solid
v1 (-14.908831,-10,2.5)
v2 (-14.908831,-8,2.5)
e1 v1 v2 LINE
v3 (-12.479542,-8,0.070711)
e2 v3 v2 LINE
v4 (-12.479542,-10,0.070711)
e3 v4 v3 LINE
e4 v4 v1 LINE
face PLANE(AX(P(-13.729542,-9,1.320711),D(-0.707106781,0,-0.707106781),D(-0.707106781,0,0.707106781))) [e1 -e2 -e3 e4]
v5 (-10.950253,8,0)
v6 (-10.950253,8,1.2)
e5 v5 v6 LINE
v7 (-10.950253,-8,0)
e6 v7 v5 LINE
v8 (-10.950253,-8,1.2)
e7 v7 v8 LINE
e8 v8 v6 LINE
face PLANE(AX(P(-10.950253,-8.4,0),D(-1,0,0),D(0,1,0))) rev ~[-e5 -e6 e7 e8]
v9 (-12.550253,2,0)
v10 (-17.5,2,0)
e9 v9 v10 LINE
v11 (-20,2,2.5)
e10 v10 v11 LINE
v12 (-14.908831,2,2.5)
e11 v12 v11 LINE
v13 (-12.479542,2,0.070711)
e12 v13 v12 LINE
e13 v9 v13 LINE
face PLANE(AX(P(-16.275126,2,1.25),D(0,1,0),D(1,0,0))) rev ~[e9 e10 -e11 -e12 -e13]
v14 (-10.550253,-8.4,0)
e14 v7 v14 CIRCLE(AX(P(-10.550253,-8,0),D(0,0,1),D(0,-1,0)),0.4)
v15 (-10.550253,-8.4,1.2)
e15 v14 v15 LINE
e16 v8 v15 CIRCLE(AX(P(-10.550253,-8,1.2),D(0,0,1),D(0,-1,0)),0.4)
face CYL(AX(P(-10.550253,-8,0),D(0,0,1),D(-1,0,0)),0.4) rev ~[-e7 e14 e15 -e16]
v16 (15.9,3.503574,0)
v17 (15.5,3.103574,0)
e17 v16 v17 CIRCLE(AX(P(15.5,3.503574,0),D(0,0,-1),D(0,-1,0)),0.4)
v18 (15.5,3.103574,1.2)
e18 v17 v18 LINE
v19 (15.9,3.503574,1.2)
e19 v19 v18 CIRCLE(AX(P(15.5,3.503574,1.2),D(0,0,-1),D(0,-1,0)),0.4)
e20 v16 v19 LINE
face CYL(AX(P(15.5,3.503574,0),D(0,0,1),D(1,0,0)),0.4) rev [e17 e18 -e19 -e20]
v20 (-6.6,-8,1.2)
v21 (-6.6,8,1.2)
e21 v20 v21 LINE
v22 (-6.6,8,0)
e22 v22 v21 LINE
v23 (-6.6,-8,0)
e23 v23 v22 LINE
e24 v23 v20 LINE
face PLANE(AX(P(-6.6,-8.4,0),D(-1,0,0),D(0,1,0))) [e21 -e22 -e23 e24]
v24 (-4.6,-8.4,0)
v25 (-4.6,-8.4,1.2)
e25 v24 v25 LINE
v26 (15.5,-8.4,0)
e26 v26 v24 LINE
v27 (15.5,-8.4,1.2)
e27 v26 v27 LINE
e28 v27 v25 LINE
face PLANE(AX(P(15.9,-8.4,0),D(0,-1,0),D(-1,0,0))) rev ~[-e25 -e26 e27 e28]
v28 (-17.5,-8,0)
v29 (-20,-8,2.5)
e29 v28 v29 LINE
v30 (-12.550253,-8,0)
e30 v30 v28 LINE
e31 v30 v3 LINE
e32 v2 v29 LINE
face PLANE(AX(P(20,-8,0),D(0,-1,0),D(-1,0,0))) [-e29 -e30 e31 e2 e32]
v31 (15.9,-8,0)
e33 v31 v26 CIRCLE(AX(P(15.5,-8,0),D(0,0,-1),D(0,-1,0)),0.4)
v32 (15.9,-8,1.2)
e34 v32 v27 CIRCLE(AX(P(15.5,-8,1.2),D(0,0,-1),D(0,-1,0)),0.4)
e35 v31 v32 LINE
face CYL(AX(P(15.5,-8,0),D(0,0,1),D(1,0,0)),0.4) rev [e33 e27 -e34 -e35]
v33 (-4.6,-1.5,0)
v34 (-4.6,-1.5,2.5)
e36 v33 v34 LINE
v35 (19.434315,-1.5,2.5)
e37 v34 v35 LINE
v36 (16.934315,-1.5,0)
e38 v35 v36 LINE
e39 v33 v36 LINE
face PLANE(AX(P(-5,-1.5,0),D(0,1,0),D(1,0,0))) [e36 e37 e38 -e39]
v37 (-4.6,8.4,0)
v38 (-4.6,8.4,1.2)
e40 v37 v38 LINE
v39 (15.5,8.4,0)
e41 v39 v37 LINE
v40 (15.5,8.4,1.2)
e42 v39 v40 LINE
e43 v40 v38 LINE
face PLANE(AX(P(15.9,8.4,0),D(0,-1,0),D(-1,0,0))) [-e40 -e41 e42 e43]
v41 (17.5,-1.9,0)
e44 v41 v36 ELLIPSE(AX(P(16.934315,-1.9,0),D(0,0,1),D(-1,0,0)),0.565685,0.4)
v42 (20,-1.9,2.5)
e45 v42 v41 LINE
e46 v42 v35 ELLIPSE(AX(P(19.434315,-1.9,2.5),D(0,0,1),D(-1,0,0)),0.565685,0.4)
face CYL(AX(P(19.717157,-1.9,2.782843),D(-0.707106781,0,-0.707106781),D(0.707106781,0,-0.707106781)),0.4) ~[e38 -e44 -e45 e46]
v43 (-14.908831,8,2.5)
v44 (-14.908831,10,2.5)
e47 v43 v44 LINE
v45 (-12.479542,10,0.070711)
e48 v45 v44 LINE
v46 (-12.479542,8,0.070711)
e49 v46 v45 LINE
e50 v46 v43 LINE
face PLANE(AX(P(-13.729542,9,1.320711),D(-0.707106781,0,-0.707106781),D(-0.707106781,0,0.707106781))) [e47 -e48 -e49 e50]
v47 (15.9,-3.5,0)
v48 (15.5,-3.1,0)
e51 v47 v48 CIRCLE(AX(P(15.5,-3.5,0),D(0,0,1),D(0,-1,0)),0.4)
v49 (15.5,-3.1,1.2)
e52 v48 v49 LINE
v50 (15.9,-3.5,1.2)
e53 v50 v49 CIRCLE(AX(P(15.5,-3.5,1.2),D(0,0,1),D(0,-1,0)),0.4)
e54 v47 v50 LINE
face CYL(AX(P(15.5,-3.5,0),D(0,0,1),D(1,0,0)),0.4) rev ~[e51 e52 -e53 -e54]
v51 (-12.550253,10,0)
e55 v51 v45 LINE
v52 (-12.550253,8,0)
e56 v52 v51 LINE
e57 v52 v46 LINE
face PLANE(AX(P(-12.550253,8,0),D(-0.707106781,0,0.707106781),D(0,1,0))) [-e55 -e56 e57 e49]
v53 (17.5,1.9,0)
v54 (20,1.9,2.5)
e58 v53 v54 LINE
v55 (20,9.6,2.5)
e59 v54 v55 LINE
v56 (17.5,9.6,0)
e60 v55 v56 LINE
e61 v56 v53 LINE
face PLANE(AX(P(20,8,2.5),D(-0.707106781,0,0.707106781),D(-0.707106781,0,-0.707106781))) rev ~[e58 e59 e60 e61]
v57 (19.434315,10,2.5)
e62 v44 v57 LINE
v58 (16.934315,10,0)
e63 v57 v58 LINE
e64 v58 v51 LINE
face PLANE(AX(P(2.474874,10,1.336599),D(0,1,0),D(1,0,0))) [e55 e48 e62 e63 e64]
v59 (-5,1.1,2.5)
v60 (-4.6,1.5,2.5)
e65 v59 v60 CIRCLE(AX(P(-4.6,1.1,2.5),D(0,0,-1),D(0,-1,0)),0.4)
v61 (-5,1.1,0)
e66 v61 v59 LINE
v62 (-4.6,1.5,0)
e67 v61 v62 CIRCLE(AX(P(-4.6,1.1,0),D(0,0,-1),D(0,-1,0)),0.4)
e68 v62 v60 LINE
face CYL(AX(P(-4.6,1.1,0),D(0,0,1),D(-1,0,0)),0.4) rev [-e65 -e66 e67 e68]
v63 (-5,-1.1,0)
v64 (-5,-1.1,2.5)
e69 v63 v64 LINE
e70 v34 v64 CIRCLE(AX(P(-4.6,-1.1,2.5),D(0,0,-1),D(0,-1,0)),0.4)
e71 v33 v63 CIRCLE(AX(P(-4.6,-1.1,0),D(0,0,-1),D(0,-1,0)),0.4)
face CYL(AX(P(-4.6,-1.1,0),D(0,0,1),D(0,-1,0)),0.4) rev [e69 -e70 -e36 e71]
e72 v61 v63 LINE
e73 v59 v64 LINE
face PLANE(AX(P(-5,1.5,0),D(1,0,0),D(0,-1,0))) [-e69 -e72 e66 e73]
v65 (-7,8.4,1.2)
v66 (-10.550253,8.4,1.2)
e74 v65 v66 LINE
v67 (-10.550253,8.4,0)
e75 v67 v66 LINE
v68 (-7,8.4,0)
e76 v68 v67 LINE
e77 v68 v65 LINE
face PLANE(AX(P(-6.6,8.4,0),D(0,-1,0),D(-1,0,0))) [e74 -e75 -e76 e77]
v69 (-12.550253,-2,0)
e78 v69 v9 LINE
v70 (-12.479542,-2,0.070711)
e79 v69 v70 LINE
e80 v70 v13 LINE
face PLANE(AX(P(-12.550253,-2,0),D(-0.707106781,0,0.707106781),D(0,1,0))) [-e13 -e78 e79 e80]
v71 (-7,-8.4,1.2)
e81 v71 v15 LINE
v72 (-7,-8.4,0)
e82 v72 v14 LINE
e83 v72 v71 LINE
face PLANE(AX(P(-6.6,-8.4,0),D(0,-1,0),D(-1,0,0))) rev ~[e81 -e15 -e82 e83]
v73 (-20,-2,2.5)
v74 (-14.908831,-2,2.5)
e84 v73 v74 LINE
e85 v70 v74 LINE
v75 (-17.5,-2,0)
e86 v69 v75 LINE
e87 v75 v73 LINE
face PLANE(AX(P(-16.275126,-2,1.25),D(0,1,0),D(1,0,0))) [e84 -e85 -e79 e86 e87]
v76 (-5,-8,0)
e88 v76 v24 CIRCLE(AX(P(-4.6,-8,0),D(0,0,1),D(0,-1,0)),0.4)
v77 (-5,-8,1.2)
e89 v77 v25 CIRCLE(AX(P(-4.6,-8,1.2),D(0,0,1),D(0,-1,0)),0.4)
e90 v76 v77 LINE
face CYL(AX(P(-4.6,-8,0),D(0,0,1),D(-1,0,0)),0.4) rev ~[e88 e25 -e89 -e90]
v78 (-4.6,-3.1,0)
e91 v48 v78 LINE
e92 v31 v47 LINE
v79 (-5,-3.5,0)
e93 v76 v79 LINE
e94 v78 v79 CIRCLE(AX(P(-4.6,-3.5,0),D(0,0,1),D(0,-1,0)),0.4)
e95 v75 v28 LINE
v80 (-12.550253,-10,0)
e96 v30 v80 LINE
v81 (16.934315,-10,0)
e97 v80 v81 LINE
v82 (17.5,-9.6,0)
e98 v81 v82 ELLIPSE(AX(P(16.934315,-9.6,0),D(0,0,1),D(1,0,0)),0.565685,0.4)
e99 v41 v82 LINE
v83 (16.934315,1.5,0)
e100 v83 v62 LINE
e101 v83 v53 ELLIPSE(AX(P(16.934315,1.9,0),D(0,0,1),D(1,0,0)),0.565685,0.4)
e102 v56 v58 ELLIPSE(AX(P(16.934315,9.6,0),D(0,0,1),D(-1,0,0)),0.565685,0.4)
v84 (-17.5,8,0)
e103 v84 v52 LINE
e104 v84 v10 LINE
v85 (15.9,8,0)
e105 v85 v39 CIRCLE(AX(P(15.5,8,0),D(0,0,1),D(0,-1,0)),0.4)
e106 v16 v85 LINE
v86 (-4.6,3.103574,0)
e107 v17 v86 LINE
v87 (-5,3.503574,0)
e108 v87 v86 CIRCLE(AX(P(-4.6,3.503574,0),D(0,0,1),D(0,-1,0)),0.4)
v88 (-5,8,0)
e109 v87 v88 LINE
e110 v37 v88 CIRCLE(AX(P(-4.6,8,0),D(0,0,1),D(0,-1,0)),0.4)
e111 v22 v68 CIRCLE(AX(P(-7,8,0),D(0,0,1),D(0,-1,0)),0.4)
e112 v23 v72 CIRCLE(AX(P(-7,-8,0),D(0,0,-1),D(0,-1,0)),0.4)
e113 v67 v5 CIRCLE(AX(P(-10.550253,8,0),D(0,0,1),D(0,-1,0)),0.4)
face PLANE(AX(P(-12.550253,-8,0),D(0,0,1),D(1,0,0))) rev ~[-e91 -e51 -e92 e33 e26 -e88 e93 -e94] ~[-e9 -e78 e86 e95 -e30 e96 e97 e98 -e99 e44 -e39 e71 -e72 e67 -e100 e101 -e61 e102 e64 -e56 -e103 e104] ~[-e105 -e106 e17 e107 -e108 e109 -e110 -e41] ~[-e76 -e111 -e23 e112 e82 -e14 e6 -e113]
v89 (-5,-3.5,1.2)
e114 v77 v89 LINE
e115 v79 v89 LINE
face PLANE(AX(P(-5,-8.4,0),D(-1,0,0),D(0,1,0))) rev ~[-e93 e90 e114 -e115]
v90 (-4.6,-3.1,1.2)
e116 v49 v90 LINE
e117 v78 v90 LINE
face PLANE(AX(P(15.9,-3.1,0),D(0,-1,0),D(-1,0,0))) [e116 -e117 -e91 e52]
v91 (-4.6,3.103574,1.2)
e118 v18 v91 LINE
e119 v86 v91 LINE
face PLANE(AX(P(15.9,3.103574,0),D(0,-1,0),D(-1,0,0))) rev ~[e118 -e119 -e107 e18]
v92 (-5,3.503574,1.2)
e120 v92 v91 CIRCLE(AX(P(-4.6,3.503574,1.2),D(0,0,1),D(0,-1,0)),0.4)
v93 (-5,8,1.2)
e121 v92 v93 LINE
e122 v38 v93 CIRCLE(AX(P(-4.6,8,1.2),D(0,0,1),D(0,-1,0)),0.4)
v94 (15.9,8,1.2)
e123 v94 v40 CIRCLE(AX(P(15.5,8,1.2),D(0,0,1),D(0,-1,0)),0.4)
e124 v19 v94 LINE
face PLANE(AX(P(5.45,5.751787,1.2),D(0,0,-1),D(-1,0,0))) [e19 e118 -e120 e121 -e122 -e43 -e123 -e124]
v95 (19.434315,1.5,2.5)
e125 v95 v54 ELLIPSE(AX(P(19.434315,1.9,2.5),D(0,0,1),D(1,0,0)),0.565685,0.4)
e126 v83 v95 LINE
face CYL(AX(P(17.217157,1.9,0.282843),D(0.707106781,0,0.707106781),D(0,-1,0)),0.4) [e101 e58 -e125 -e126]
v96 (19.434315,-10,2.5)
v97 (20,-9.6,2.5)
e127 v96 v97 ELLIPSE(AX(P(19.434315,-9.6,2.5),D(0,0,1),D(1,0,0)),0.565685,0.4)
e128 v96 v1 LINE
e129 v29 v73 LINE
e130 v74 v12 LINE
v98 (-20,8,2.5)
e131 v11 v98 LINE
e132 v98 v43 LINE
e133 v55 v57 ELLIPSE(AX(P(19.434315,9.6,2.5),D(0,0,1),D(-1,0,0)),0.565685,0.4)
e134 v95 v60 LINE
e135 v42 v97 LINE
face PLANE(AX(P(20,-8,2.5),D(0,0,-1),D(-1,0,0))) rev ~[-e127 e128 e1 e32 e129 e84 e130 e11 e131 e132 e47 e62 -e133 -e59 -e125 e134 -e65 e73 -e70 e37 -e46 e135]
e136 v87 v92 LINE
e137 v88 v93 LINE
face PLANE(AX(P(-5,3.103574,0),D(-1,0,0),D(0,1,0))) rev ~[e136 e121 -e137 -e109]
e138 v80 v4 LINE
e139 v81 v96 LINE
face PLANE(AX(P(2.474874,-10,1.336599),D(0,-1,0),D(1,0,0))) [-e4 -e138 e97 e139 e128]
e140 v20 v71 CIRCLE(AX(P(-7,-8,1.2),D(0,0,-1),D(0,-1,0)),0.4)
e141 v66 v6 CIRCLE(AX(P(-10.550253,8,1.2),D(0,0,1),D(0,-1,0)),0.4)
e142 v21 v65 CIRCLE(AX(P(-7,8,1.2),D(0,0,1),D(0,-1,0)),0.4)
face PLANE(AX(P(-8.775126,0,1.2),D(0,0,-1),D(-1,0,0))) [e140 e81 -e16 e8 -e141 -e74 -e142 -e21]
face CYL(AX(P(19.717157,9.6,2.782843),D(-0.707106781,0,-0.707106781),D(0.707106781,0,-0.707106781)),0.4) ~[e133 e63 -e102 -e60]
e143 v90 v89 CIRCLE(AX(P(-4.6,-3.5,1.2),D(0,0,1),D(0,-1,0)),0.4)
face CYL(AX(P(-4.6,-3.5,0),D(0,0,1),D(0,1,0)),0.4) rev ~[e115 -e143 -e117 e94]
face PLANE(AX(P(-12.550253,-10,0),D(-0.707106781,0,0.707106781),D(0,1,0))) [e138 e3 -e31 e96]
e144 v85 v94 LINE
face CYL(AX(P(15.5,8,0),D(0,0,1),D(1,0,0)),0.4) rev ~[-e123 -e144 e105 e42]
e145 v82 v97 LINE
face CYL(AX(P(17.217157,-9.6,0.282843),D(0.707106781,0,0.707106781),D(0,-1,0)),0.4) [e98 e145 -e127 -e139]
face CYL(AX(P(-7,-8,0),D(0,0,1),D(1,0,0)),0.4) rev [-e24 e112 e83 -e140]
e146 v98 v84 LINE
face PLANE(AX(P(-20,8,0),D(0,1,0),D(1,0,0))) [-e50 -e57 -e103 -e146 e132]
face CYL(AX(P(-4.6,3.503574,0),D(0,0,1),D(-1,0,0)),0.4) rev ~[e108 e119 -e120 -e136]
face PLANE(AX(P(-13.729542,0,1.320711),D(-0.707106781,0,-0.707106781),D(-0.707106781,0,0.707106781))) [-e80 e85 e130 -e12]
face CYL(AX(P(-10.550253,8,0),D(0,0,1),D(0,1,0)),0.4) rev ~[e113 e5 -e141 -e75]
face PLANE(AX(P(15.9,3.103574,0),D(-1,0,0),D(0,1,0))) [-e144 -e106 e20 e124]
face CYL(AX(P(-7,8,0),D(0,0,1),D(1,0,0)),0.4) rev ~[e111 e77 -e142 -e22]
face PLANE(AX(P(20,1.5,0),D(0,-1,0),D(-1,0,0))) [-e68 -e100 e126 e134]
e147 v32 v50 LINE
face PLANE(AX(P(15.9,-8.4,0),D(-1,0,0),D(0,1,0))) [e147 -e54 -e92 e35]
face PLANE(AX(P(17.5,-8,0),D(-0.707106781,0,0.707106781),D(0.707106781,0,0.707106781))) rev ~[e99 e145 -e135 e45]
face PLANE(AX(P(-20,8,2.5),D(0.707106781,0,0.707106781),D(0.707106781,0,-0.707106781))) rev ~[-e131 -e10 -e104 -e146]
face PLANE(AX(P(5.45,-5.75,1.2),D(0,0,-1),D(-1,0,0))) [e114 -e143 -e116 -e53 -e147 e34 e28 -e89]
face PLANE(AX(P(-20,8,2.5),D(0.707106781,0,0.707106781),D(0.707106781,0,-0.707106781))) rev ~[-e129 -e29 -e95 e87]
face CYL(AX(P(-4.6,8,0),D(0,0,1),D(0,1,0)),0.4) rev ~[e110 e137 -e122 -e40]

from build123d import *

# Parameters (mm, degrees)
BOSS_EXTRUDE1_DEPTH     = 2.5
CUT_EXTRUDE1_DEPTH      = 26.734218465
CUT_EXTRUDE2_DEPTH      = 26.734218465
BOSS_EXTRUDE2_DEPTH     = 2
BOSS_EXTRUDE3_DEPTH     = 2
CUT_EXTRUDE3_DEPTH      = 2
CUT_EXTRUDE3_DEPTH_BACK = 2
SKETCH9_W               = 3.535533906
SKETCH9_H               = 2
SKETCH9_H_2             = 4
CUT_EXTRUDE5_DEPTH      = 0.1
SKETCH10_W              = 20.9
SKETCH10_H              = 5.3
SKETCH10_H_2            = 5.296426242
SKETCH10_W_2            = 4.350252532
SKETCH10_H_3            = 16.8
CUT_EXTRUDE6_DEPTH      = 1.2
FILLET1_R               = 0.4


with BuildPart() as part:
    # Sketch1 → Boss-Extrude1 (new body)
    with BuildSketch(Plane.XY):
        Polygon((20, -1.5), (20, -8), (-20, -8), (-20, 8), (20, 8), (20, 1.5), (-5, 1.5), (-5, -1.5), align=None)
    extrude(amount=BOSS_EXTRUDE1_DEPTH)

    # Sketch2 → Cut-Extrude1 (cut, through all)
    with BuildSketch(Plane(origin=(0, 8, 0), x_dir=(1, 0, 0), z_dir=(0, 1, 0))):
        Polygon((20, -2.5), (17.5, 0), (20, 0), align=None)
    extrude(amount=-CUT_EXTRUDE1_DEPTH, mode=Mode.SUBTRACT)

    # Sketch5 → Cut-Extrude2 (cut, through all)
    with BuildSketch(Plane(origin=(0, 8, 0), x_dir=(1, 0, 0), z_dir=(0, 1, 0))):
        Polygon((-20, -2.5), (-17.5, 0), (-20, 0), align=None)
    extrude(amount=-CUT_EXTRUDE2_DEPTH, mode=Mode.SUBTRACT)

    # Sketch6 → Boss-Extrude2 (add)
    with BuildSketch(Plane(origin=(0, 8, 0), x_dir=(1, 0, 0), z_dir=(0, 1, 0))):
        Polygon((-12.550252532, 0), (-15.050252532, -2.5), (20, -2.5), (17.5, 0), align=None)
    extrude(amount=BOSS_EXTRUDE2_DEPTH)

    # Sketch7 → Boss-Extrude3 (add)
    with BuildSketch(Plane.XZ.offset(8)):
        Polygon((-12.550252532, 0), (17.5, 0), (20, 2.5), (-15.050252532, 2.5), align=None)
    extrude(amount=BOSS_EXTRUDE3_DEPTH)

    # Sketch8 → Cut-Extrude3 (cut, two sides: drawn at the far end of the back side and taken through both)
    with BuildSketch(Plane(origin=(0, 0, 0), x_dir=(1, 0, 0), z_dir=(0, 1, 0)).offset(-CUT_EXTRUDE3_DEPTH_BACK)):
        Polygon((-15.050252532, -2.5), (-12.550252532, 0), (-17.5, 0), (-20, -2.5), align=None)
    extrude(amount=CUT_EXTRUDE3_DEPTH + CUT_EXTRUDE3_DEPTH_BACK, mode=Mode.SUBTRACT)

    # Sketch9 → Cut-Extrude5 (cut)
    with BuildSketch(Plane(origin=(-6.275126266, 0, -6.275126266), x_dir=(-0.7071067811865476, 0, 0.7071067811865476), z_dir=(-0.7071067811865476, 0, -0.7071067811865476))):
        with Locations((10.642135624, 9)):
            Rectangle(SKETCH9_W, SKETCH9_H)
        with Locations((10.642135624, 0)):
            Rectangle(SKETCH9_W, SKETCH9_H_2)
        with Locations((10.642135624, -9)):
            Rectangle(SKETCH9_W, SKETCH9_H)
    extrude(amount=-CUT_EXTRUDE5_DEPTH, mode=Mode.SUBTRACT)

    # Sketch10 → Cut-Extrude6 (cut)
    with BuildSketch(Plane(origin=(0, 0, 0), x_dir=(-1, 0, 0), z_dir=(0, 0, -1))):
        with Locations((-5.45, -5.75)):
            Rectangle(SKETCH10_W, SKETCH10_H)
        with Locations((-5.45, 5.751786879)):
            Rectangle(SKETCH10_W, SKETCH10_H_2)
        with Locations((8.775126266, 0)):
            Rectangle(SKETCH10_W_2, SKETCH10_H_3)
    extrude(amount=-CUT_EXTRUDE6_DEPTH, mode=Mode.SUBTRACT)

    # Fillet1
    fillet1_edges = [part.edges().sort_by_distance(p)[0] for p in [
        (-5, 1.5, 1.25),
        (-5, -1.5, 1.25),
        (-10.950252532, 8.4, 0.6),
        (-10.950252532, -8.4, 0.6),
        (-6.6, -8.4, 0.6),
        (-6.6, 8.4, 0.6),
        (-5, 8.4, 0.6),
        (-5, 3.103573758, 0.6),
        (15.9, 3.103573758, 0.6),
        (15.9, 8.4, 0.6),
        (15.9, -8.4, 0.6),
        (15.9, -3.1, 0.6),
        (-5, -3.1, 0.6),
        (-5, -8.4, 0.6),
        (18.75, -1.5, 1.25),
        (18.75, 1.5, 1.25),
        (18.75, 10, 1.25),
        (18.75, -10, 1.25),
    ]]
    fillet(fillet1_edges, radius=FILLET1_R)


solid = part.part
